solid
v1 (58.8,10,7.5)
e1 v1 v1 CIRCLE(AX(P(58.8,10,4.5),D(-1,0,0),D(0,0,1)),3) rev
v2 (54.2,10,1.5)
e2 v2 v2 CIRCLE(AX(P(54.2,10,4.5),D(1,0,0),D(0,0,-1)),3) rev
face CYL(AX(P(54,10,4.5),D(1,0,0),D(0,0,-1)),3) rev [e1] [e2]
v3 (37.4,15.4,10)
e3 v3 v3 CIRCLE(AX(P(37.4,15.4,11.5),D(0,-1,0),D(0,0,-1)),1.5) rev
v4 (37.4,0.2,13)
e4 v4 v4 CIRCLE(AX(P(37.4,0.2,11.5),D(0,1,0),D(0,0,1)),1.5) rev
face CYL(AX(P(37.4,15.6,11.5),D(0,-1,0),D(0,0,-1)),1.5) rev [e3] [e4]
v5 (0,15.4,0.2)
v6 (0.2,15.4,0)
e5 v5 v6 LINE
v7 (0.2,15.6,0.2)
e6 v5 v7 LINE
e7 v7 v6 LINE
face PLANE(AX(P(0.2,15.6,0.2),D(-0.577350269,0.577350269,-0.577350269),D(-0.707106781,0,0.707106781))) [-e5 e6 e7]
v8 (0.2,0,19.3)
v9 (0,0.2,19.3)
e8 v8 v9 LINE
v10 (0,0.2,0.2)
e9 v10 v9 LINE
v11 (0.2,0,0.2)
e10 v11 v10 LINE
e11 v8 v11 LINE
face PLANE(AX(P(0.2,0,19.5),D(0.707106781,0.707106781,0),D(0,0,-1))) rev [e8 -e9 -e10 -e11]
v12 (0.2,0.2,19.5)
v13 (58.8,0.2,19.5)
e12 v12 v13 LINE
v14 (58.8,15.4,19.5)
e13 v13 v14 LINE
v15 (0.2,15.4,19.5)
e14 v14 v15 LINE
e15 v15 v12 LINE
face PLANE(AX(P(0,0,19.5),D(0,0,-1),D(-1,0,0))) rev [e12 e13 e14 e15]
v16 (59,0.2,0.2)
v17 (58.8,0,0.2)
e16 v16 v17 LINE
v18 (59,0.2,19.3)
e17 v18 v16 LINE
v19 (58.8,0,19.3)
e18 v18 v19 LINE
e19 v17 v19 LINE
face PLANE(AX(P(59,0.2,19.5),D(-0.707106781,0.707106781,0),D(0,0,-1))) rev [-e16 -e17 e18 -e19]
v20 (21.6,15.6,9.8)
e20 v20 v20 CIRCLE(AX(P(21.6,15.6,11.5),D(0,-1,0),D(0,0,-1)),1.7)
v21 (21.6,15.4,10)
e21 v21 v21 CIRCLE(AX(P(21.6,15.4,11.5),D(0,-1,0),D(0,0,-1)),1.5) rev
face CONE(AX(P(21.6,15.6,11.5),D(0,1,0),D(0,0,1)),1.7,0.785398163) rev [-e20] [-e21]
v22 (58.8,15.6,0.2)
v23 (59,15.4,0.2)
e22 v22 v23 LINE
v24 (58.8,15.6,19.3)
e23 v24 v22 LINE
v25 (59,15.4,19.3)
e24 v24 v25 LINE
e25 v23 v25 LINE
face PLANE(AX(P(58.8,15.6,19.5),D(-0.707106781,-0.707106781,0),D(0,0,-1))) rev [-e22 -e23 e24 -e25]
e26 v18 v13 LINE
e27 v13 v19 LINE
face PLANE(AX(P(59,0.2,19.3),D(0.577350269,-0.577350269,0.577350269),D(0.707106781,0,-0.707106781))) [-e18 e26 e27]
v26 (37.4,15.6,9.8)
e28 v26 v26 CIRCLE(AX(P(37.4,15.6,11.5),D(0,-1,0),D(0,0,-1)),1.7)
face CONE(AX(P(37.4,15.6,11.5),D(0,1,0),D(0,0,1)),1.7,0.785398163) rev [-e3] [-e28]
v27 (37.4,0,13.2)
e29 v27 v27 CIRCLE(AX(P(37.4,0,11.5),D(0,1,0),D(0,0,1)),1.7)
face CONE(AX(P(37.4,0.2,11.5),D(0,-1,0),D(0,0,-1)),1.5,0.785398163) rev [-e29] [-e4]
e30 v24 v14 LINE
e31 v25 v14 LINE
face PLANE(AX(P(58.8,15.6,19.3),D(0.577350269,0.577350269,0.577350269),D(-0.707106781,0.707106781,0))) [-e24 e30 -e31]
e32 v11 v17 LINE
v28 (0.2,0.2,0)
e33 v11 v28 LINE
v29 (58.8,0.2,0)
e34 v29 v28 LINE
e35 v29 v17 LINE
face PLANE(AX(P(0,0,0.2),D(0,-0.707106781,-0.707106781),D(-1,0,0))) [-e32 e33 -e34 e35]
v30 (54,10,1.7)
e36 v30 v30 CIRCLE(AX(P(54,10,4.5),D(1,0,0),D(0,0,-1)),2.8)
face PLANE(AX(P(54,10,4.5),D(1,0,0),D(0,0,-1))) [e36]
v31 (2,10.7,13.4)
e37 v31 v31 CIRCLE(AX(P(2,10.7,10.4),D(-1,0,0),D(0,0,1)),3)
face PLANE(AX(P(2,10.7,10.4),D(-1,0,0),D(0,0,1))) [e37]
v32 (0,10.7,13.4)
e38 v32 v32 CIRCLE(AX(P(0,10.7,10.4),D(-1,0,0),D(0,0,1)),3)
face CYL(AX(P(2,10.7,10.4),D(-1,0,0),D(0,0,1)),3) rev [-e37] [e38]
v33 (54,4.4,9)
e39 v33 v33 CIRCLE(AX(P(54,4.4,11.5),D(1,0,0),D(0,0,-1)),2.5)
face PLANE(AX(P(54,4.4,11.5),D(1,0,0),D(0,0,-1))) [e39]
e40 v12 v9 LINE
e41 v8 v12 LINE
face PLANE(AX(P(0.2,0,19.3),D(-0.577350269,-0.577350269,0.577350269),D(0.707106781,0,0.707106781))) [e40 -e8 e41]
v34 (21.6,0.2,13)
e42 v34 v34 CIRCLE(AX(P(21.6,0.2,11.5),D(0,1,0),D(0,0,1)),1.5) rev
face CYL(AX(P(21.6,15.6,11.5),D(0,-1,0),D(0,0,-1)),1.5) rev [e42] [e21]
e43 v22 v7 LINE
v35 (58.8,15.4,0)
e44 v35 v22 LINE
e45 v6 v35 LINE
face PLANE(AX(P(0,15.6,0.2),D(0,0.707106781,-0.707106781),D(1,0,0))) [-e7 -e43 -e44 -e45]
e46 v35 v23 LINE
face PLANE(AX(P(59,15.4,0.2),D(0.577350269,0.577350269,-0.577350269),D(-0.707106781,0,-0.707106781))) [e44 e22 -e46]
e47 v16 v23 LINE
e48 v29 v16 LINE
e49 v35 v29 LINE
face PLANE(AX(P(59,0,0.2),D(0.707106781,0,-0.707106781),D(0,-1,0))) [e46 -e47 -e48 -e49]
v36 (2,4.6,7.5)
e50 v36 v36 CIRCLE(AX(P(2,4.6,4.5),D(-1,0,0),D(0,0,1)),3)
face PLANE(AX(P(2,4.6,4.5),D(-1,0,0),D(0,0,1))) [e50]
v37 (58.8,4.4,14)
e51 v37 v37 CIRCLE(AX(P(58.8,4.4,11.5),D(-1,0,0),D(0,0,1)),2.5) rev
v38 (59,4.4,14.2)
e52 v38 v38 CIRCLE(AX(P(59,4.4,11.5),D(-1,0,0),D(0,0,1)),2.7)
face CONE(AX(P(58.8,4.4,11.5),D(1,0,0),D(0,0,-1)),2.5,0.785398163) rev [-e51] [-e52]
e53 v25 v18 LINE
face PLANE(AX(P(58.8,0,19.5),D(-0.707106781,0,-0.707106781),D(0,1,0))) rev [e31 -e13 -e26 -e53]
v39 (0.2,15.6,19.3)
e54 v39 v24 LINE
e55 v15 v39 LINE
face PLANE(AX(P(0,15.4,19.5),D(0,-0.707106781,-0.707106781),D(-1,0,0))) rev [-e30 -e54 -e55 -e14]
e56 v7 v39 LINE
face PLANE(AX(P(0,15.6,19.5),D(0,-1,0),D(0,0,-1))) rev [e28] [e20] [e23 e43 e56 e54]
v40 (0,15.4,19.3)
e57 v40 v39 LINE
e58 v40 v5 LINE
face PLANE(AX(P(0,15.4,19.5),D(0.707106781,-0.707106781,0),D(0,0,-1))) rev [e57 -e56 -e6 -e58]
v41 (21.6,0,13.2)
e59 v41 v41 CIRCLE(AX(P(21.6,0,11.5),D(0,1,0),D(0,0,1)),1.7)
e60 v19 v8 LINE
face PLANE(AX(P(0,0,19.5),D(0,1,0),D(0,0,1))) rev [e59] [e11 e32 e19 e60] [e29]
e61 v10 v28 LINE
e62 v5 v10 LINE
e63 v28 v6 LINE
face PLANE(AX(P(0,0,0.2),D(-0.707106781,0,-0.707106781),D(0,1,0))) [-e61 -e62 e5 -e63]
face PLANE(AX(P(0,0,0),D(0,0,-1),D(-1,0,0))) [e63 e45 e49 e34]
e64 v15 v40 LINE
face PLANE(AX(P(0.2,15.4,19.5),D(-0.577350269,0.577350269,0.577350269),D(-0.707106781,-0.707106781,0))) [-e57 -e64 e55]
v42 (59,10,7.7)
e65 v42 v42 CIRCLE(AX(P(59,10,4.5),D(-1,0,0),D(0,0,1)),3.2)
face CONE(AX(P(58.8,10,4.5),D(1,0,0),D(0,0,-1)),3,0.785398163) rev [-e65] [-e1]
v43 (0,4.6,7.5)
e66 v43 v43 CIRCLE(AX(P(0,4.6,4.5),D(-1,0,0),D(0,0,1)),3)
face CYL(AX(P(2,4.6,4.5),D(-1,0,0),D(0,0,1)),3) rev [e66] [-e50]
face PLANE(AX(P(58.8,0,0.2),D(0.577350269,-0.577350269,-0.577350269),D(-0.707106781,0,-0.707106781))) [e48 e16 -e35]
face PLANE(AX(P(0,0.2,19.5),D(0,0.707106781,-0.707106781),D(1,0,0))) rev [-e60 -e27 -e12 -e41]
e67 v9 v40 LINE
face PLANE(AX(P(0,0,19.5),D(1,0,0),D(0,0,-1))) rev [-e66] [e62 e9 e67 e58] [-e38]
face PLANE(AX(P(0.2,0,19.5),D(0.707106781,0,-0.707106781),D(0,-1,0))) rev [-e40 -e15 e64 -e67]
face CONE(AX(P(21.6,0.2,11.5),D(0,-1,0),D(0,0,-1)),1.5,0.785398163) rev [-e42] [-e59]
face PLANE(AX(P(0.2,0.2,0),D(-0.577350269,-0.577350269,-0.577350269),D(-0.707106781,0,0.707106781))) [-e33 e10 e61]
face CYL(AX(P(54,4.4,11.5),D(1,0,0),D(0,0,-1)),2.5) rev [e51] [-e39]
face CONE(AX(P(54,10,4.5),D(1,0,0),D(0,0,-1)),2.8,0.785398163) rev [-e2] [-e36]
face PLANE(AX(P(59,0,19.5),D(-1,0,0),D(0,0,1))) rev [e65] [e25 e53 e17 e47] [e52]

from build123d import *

# Parameters (mm, degrees)
SKETCH1_W           = 59
SKETCH1_H           = 15.6
BOSS_EXTRUDE1_DEPTH = 19.5
SKETCH2_R           = 3
CUT_EXTRUDE1_DEPTH  = 2
SKETCH3_R           = 3
SKETCH3_R_2         = 2.5
CUT_EXTRUDE2_DEPTH  = 5
SKETCH4_R           = 1.5
CUT_EXTRUDE3_DEPTH  = 65.067230313
CHAMFER1_SIZE       = 0.2


with BuildPart() as part:
    # Sketch1 → Boss-Extrude1 (new body)
    with BuildSketch(Plane.XY):
        with Locations((29.5, 7.8)):
            Rectangle(SKETCH1_W, SKETCH1_H)
    extrude(amount=BOSS_EXTRUDE1_DEPTH)

    # Sketch2 → Cut-Extrude1 (cut)
    with BuildSketch(Plane.ZY):
        with Locations((10.4, 10.7)):
            Circle(SKETCH2_R)
        with Locations((4.5, 4.6)):
            Circle(SKETCH2_R)
    extrude(amount=-CUT_EXTRUDE1_DEPTH, mode=Mode.SUBTRACT)

    # Sketch3 → Cut-Extrude2 (cut)
    with BuildSketch(Plane(origin=(59, 0, 0), x_dir=(0, 0, -1), z_dir=(1, 0, 0))):
        with Locations((-4.5, 10)):
            Circle(SKETCH3_R)
        with Locations((-11.5, 4.4)):
            Circle(SKETCH3_R_2)
    extrude(amount=-CUT_EXTRUDE2_DEPTH, mode=Mode.SUBTRACT)

    # Sketch4 → Cut-Extrude3 (cut, through all)
    with BuildSketch(Plane.XZ):
        with Locations(Location((21.6, 11.5, 0), (0, 0, 270))):
            Circle(SKETCH4_R)
        with Locations(Location((37.4, 11.5, 0), (0, 0, 270))):
            Circle(SKETCH4_R)
    extrude(amount=-CUT_EXTRUDE3_DEPTH, mode=Mode.SUBTRACT)

    # Chamfer1
    chamfer1_edges = [part.edges().sort_by_distance(p)[0] for p in [
        (59, 7.8, 19.5),
        (29.5, 15.6, 19.5),
        (54, 10, 7.5),
        (59, 10, 7.5),
        (59, 4.4, 14),
        (21.6, 15.6, 13),
        (21.6, 0, 13),
        (37.4, 15.6, 13),
        (37.4, 0, 13),
        (0, 7.8, 19.5),
        (29.5, 15.6, 0),
        (59, 7.8, 0),
        (29.5, 0, 0),
        (0, 7.8, 0),
        (0, 15.6, 9.75),
        (59, 15.6, 9.75),
        (59, 0, 9.75),
        (0, 0, 9.75),
        (29.5, 0, 19.5),
    ]]
    chamfer(chamfer1_edges, length=CHAMFER1_SIZE)


solid = part.part
